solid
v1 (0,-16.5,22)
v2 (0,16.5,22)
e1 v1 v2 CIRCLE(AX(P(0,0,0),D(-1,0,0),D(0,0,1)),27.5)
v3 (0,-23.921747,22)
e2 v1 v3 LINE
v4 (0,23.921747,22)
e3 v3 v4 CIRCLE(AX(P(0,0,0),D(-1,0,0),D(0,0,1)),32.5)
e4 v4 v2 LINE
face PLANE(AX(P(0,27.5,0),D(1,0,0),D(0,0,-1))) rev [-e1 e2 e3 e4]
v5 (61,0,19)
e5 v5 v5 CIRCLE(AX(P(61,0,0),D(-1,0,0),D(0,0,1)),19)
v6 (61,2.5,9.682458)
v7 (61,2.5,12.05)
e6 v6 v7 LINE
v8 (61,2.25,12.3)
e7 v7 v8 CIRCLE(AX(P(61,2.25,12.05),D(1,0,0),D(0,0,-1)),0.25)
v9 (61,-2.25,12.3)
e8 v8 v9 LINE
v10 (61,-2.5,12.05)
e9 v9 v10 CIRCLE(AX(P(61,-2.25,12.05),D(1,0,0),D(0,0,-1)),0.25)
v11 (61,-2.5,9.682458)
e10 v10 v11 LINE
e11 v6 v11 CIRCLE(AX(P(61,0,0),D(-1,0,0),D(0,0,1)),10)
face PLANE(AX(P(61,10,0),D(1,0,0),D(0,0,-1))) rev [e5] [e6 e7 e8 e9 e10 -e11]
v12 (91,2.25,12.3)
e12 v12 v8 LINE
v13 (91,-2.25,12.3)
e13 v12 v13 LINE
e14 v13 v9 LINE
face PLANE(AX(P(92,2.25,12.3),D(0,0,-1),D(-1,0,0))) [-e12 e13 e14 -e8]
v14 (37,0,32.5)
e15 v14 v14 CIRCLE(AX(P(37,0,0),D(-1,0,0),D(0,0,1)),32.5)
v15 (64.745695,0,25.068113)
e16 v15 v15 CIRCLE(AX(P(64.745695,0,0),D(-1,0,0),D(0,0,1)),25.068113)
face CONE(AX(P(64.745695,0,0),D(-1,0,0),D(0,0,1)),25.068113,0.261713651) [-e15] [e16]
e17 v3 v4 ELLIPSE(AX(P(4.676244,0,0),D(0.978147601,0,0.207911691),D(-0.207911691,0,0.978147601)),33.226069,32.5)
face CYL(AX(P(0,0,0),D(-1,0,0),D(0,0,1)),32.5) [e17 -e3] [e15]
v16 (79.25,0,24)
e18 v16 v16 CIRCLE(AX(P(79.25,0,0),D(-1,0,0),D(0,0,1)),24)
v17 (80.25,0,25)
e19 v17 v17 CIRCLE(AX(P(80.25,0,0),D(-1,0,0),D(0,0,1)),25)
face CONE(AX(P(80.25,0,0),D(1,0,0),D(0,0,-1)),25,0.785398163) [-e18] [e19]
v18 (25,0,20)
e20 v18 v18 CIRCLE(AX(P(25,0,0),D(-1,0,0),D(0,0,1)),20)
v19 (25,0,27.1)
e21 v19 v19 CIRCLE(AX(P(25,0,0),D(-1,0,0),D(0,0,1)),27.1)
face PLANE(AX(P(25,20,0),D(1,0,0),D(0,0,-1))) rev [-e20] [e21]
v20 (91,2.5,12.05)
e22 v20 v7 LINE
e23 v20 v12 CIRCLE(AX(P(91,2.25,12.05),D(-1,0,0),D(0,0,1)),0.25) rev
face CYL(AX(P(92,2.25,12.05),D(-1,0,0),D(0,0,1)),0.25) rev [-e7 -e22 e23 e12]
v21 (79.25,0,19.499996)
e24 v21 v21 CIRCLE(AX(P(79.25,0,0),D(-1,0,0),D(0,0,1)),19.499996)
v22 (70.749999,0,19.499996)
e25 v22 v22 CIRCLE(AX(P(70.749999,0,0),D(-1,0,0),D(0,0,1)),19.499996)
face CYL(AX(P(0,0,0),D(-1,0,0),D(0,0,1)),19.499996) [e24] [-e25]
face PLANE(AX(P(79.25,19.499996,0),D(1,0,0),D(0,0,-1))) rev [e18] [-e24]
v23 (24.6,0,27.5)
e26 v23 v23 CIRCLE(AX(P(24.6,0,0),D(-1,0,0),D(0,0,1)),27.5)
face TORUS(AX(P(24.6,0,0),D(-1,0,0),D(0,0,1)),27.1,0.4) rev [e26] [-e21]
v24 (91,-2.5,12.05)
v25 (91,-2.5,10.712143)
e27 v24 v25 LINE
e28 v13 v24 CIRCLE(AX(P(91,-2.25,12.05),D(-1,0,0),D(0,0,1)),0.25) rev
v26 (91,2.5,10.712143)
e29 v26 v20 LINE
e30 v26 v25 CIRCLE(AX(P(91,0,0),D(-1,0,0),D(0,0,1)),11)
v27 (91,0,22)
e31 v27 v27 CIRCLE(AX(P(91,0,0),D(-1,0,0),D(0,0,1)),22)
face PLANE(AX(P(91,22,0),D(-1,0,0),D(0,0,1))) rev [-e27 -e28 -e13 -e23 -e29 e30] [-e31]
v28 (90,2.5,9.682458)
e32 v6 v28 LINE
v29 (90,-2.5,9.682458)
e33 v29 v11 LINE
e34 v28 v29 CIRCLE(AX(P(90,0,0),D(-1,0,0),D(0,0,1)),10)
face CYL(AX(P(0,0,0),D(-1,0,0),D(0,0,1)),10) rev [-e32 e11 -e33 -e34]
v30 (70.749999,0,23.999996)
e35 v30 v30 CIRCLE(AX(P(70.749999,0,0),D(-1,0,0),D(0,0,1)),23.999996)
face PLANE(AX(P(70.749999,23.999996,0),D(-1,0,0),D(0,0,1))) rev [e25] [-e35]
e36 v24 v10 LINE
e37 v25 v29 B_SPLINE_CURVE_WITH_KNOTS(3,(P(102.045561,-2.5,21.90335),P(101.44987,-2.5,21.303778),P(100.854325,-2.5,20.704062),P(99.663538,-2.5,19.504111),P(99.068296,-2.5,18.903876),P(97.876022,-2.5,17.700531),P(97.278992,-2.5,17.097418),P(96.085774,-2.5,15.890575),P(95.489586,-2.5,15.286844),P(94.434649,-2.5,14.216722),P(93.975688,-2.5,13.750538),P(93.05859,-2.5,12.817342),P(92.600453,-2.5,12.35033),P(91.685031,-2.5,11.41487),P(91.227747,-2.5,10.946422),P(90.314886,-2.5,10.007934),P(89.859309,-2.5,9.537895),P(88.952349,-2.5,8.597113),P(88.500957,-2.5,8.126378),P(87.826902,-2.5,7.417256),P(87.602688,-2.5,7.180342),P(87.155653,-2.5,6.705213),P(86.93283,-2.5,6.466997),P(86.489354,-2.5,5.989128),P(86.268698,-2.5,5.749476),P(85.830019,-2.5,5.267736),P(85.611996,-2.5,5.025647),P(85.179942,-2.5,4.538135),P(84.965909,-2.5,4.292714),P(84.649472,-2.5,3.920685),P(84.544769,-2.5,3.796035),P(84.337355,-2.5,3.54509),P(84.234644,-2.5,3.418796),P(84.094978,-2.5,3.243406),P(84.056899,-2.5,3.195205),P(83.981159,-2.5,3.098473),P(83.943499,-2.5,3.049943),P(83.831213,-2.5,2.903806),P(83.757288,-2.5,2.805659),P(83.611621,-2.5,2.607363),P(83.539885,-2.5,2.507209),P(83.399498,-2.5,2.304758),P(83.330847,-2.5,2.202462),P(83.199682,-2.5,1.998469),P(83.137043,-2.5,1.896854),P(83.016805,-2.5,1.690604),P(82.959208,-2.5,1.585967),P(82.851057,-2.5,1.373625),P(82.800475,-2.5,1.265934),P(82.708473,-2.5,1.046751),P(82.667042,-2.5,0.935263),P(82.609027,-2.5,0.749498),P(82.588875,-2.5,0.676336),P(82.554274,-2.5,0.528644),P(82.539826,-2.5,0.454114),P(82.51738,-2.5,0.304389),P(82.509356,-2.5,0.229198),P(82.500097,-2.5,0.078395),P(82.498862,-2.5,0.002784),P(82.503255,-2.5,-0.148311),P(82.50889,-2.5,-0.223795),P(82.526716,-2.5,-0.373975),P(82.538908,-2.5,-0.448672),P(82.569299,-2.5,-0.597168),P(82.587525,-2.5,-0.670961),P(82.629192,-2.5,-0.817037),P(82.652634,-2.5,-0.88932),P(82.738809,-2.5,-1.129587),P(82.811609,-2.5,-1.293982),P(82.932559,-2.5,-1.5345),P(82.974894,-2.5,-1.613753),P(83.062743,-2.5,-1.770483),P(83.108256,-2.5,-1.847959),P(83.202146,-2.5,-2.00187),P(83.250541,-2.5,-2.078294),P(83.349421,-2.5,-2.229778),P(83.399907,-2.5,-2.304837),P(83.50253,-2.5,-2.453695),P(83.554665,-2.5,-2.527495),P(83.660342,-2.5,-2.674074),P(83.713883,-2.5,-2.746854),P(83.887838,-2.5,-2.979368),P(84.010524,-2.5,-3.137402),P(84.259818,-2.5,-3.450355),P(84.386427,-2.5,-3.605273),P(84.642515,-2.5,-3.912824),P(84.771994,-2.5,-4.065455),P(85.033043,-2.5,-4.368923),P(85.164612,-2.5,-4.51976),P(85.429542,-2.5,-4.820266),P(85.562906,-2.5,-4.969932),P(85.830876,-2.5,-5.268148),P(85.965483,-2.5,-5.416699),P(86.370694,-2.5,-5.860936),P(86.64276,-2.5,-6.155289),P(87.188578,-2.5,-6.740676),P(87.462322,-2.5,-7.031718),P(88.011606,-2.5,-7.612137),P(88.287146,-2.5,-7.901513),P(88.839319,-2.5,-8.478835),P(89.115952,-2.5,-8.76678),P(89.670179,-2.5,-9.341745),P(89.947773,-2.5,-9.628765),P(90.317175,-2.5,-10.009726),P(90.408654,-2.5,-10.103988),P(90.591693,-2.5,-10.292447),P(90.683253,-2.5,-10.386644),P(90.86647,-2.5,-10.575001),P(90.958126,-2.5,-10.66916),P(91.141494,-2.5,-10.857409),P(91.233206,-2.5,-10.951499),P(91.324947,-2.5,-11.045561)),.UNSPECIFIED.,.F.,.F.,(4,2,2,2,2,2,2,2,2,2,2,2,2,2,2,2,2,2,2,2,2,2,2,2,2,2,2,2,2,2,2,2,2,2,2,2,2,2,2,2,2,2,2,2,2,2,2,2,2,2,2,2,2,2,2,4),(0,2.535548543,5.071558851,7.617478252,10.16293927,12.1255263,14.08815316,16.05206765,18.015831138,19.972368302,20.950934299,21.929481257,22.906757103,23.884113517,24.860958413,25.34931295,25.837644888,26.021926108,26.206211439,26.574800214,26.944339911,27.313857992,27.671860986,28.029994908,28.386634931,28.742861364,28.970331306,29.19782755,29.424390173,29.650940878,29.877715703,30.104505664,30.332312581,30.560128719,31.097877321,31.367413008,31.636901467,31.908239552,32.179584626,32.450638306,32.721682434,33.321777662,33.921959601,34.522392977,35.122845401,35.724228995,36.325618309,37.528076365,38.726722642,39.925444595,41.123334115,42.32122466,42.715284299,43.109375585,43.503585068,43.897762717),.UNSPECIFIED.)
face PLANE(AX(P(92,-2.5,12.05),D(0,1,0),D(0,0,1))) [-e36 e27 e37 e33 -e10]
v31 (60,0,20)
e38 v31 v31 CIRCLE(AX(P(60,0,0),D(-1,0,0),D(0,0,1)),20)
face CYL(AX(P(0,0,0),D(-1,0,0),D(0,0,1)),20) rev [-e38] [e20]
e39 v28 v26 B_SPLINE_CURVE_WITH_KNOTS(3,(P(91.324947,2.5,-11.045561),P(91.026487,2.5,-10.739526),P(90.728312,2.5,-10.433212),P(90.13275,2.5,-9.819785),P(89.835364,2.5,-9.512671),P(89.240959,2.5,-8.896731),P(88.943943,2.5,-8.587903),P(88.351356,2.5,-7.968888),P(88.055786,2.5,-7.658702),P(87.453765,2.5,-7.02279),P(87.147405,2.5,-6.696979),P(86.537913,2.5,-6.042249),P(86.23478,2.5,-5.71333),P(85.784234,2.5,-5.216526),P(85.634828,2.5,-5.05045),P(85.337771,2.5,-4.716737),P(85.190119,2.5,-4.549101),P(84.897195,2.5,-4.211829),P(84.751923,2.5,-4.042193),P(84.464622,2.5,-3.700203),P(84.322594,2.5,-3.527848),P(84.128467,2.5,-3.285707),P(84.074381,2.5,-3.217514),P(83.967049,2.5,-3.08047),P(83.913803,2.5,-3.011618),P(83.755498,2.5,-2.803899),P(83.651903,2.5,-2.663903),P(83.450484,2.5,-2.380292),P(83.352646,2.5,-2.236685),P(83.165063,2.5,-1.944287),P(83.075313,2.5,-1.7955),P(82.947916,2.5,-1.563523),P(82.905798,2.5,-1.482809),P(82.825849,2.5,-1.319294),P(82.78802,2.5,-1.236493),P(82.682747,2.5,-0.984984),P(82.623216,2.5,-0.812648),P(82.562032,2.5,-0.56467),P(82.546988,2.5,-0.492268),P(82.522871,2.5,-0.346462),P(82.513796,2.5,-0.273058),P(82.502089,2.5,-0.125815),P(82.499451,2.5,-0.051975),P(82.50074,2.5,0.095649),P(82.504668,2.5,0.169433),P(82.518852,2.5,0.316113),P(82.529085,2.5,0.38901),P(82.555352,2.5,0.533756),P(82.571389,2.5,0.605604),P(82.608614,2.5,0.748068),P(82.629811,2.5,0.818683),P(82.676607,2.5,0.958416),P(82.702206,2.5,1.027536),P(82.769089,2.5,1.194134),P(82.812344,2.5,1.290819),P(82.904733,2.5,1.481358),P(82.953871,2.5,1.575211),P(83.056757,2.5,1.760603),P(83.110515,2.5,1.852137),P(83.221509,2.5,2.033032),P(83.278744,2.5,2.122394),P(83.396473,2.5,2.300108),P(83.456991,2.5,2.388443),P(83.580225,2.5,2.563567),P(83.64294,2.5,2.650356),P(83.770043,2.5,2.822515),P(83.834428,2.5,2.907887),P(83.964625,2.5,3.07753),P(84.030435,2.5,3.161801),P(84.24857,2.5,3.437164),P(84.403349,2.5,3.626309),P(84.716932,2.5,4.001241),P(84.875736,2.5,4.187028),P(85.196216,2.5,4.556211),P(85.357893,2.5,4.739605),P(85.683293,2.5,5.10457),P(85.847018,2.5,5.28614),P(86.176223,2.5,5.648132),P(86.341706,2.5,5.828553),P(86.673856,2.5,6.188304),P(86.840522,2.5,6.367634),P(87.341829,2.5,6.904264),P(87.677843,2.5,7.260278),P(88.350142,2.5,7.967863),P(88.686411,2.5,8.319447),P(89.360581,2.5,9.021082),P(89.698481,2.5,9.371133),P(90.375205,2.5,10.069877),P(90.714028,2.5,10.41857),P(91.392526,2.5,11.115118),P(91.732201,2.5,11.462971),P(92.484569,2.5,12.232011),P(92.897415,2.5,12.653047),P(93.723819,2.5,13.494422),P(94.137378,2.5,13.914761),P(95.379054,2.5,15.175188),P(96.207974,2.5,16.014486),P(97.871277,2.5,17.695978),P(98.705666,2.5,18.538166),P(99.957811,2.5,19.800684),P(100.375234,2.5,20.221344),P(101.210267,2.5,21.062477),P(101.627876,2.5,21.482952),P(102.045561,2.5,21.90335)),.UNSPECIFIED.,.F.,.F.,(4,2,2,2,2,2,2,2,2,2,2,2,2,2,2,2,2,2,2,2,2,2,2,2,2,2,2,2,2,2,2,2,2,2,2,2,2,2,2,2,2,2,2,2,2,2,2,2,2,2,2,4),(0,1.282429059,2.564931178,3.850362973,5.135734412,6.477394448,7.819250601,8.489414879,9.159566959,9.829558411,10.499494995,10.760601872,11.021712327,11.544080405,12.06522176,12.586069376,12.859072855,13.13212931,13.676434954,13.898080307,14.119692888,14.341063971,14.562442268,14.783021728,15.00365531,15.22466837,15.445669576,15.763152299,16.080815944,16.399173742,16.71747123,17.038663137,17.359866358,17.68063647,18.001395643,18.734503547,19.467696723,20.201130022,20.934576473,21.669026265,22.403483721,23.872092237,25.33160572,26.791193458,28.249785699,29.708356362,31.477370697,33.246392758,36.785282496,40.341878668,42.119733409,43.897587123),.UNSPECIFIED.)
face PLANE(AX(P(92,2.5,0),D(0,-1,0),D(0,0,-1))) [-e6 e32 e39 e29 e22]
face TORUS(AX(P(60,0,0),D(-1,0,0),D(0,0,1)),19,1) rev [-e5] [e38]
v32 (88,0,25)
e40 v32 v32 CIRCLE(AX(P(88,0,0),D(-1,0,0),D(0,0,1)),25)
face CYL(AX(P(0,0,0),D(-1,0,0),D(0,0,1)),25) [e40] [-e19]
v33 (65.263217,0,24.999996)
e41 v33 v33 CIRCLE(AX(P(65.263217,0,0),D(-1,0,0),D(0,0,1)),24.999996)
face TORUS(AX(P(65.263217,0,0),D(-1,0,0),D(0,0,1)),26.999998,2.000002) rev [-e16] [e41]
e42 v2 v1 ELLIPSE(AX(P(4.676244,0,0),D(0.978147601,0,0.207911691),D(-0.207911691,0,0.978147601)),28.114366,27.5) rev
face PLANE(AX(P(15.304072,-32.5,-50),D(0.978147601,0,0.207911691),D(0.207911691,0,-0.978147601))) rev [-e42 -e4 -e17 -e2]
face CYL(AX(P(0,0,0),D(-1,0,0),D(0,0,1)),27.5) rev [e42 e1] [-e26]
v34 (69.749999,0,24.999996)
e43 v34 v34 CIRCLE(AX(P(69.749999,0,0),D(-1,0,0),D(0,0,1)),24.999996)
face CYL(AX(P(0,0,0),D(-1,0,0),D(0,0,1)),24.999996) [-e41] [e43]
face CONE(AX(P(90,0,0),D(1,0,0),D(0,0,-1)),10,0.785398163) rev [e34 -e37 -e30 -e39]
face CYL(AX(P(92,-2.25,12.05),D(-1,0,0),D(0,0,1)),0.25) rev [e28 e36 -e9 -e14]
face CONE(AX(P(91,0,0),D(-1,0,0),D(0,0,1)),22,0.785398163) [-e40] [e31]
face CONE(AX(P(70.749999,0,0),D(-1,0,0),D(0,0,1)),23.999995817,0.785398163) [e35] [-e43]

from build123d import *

# Parameters (mm, degrees)
CUT_EXTRUDE_12_DEPTH      = 102.948516419
CUT_EXTRUDE_12_DEPTH_BACK = 102.948516419
CUT_EXTRUDE_START         = 61
CUT_EXTRUDE_5_R0_25_DEPTH = 31


with BuildPart() as part:
    # Эскиз1 → Revolve 238 (revolve)
    with BuildSketch(Plane.XY, mode=Mode.PRIVATE) as revolve_238_sk:
        with BuildLine():
            Line((0, 32.5), (37, 32.5))
            Line((37, 32.5), (64.745695, 25.068113))
            ThreePointArc((64.745695, 25.068113), (65.002224223, 25.017098236), (65.263217049, 24.999995817))
            Line((65.263217049, 24.999995817), (69.749999449, 24.999995817))
            Line((69.749999449, 24.999995817), (70.749999449, 23.999995817))
            Line((70.749999449, 23.999995817), (70.749999449, 19.499995817))
            Line((70.749999449, 19.499995817), (79.25, 19.499995817))
            Line((79.25, 19.499995817), (79.25, 24))
            Line((79.25, 24), (80.25, 25))
            Line((80.25, 25), (88, 25))
            Line((88, 25), (91, 22))
            Line((91, 22), (91, 11))
            Line((91, 11), (90, 10))
            Line((90, 10), (61, 10))
            Line((61, 10), (61, 19))
            ThreePointArc((61, 19), (60.707106781, 19.707106781), (60, 20))
            Line((60, 20), (25, 20))
            Line((25, 20), (25, 27.1))
            ThreePointArc((25, 27.1), (24.882842712, 27.382842712), (24.6, 27.5))
            Line((24.6, 27.5), (0, 27.5))
            Line((0, 27.5), (0, 32.5))
        make_face()
    revolve(revolve_238_sk.sketch.rotate(Axis((0, 0, 0), (1, 0, 0)), 90), axis=Axis((0, 0, 0), (1, 0, 0)))

    # Эскиз2 → Наклон торца 12 градусов (cut, two sides: drawn at the far end of the back side and taken through both)
    with BuildSketch(Plane(origin=(0, 0, 0), x_dir=(1, 0, 0), z_dir=(0, 1, 0)).offset(-CUT_EXTRUDE_12_DEPTH_BACK)):
        Polygon((-25, 50), (15.30407244, 50), (-5.951583727, -50), (-25, -50), align=None)
    extrude(amount=CUT_EXTRUDE_12_DEPTH + CUT_EXTRUDE_12_DEPTH_BACK, mode=Mode.SUBTRACT)

    # Эскиз3 → Паз 5 R0.25 (cut)
    with BuildSketch(Plane(origin=(0, 0, 0), x_dir=(0, 0, -1), z_dir=(1, 0, 0)).offset(CUT_EXTRUDE_START)):
        with BuildLine():
            Line((0, -2.5), (0, 2.5))
            Line((0, 2.5), (-12.05, 2.5))
            ThreePointArc((-12.05, 2.5), (-12.226776695, 2.426776695), (-12.3, 2.25))
            Line((-12.3, 2.25), (-12.3, -2.25))
            ThreePointArc((-12.3, -2.25), (-12.226776695, -2.426776695), (-12.05, -2.5))
            Line((-12.05, -2.5), (0, -2.5))
        make_face()
    extrude(amount=CUT_EXTRUDE_5_R0_25_DEPTH, mode=Mode.SUBTRACT)


solid = part.part
